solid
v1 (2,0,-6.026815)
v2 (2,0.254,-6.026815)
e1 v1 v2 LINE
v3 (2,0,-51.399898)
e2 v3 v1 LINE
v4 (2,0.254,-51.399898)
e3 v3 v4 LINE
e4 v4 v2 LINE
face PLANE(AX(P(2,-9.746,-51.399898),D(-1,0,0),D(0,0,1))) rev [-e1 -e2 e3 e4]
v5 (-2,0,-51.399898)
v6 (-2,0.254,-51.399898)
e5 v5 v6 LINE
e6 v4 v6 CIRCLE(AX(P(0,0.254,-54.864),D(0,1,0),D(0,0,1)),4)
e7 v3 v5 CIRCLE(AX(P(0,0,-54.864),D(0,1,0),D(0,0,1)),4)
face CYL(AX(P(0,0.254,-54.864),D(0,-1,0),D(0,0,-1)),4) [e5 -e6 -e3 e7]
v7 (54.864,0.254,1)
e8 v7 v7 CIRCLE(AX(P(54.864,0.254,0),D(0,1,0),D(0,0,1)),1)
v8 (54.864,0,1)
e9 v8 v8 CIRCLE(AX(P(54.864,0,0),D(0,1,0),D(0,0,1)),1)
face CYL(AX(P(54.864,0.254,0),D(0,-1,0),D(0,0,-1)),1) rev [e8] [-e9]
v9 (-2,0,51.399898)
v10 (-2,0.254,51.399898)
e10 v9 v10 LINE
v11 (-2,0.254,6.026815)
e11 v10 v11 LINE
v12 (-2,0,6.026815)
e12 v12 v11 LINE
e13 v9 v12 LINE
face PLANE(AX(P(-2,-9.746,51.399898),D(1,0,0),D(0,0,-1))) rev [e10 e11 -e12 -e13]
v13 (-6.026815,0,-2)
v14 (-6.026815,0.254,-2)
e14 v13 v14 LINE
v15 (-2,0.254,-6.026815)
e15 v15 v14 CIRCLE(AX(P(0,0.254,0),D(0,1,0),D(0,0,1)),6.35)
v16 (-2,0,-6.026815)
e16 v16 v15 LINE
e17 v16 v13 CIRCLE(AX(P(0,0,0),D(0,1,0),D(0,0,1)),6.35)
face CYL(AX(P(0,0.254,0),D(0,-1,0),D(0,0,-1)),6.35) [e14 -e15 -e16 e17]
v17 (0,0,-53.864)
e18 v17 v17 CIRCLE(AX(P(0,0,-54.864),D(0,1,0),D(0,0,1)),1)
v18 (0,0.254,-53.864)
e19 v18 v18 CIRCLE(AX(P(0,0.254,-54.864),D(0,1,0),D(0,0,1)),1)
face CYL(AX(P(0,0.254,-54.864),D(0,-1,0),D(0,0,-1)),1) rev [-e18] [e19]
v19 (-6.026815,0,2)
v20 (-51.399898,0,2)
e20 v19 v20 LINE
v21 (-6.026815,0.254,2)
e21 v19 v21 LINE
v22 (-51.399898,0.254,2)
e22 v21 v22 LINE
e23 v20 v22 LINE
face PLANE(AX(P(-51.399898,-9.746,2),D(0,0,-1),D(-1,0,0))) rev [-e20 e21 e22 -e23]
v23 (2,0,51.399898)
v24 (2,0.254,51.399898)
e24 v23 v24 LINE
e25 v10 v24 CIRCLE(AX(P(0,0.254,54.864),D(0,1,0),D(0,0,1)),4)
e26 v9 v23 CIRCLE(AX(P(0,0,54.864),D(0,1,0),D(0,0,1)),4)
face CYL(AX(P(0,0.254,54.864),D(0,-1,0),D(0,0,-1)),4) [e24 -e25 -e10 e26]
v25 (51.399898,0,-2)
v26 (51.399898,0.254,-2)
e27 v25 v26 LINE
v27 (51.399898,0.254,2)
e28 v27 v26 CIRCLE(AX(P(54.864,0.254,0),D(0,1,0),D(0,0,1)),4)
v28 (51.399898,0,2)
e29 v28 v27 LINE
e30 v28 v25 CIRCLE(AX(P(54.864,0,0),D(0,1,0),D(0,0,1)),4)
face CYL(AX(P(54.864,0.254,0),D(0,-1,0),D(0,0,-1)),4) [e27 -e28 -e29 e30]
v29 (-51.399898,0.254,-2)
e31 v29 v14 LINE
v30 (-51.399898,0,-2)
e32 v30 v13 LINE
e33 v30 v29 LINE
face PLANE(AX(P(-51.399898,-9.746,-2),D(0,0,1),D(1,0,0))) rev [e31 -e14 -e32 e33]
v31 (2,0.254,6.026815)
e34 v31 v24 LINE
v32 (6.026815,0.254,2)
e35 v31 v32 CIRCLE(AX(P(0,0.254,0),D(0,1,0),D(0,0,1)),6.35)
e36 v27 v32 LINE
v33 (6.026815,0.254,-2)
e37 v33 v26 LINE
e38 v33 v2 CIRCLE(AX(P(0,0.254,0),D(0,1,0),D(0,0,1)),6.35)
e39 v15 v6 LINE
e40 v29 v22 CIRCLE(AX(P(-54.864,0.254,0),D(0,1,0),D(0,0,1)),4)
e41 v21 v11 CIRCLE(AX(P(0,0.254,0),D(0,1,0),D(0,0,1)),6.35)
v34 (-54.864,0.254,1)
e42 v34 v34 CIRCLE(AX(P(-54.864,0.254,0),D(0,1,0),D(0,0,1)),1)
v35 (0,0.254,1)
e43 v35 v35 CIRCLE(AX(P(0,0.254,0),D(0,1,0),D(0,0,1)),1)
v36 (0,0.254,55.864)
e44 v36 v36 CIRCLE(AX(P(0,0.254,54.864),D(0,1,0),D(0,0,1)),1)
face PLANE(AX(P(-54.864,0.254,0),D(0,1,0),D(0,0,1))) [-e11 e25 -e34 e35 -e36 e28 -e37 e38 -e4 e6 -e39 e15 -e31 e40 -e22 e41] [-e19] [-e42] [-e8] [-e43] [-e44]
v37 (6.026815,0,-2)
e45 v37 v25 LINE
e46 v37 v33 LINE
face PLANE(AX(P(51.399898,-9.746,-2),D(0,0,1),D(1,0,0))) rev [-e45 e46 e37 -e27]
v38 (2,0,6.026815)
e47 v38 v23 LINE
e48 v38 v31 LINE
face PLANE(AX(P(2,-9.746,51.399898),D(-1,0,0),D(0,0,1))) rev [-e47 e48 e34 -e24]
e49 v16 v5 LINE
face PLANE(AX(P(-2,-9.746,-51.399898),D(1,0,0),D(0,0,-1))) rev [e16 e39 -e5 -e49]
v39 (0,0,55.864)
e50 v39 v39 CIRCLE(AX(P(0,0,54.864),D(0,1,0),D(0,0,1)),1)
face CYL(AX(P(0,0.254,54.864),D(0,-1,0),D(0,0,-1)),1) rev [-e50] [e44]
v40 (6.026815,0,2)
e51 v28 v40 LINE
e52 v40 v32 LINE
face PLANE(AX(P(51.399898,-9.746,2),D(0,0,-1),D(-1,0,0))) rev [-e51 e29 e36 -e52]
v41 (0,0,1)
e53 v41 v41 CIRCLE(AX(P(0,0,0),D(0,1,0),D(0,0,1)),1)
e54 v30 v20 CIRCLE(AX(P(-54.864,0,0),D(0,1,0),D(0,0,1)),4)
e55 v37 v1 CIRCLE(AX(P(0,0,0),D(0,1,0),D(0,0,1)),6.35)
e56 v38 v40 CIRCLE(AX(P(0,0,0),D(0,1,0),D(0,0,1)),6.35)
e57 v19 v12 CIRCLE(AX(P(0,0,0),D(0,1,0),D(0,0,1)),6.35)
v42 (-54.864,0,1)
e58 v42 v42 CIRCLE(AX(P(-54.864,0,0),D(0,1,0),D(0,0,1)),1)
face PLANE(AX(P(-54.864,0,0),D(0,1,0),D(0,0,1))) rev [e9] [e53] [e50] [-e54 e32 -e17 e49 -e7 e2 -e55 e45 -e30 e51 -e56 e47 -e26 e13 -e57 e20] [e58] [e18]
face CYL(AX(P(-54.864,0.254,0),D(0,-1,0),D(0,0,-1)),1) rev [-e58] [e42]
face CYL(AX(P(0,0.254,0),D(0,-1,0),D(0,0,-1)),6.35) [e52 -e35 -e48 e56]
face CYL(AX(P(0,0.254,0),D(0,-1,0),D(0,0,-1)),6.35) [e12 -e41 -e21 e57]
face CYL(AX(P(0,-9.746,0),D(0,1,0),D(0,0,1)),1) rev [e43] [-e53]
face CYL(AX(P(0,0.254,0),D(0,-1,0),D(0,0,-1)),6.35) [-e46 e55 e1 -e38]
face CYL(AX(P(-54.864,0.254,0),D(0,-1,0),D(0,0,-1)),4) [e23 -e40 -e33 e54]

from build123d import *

# Parameters (mm, degrees)
SKETCH1_R           = 1
BOSS_EXTRUDE1_DEPTH = 0.254
SKETCH2_R           = 1
CUT_EXTRUDE1_DEPTH  = 10


with BuildPart() as part:
    # Sketch1 → Boss-Extrude1 (new body)
    with BuildSketch(Plane(origin=(0, 0, 0), x_dir=(1, 0, 0), z_dir=(0, 1, 0))):
        with BuildLine():
            Line((-54.864, 4), (-4.931784667, 4))
            ThreePointArc((-4.931784667, 4), (-4.490128061, 4.490128061), (-4, 4.931784667))
            Line((-4, 4.931784667), (-4, 54.864))
            ThreePointArc((-4, 54.864), (0, 58.864), (4, 54.864))
            Line((4, 54.864), (4, 4.931784667))
            ThreePointArc((4, 4.931784667), (4.490128061, 4.490128061), (4.931784667, 4))
            Line((4.931784667, 4), (54.864, 4))
            ThreePointArc((54.864, 4), (58.864, 0), (54.864, -4))
            Line((54.864, -4), (4.931784667, -4))
            ThreePointArc((4.931784667, -4), (4.490128061, -4.490128061), (4, -4.931784667))
            Line((4, -4.931784667), (4, -54.864))
            ThreePointArc((4, -54.864), (0, -58.864), (-4, -54.864))
            Line((-4, -54.864), (-4, -4.931784667))
            ThreePointArc((-4, -4.931784667), (-4.490128061, -4.490128061), (-4.931784667, -4))
            Line((-4.931784667, -4), (-54.864, -4))
            ThreePointArc((-54.864, -4), (-58.864, 0), (-54.864, 4))
        make_face()
        with Locations((-54.864, 0)):
            Circle(SKETCH1_R, mode=Mode.SUBTRACT)
        with Locations((0, 54.864)):
            Circle(SKETCH1_R, mode=Mode.SUBTRACT)
        with Locations((54.864, 0)):
            Circle(SKETCH1_R, mode=Mode.SUBTRACT)
        with Locations((0, -54.864)):
            Circle(SKETCH1_R, mode=Mode.SUBTRACT)
    extrude(amount=BOSS_EXTRUDE1_DEPTH)

    # Sketch2 → Cut-Extrude1 (cut)
    with BuildSketch(Plane(origin=(0, 0.254, 0), x_dir=(1, 0, 0), z_dir=(0, 1, 0))):
        Circle(SKETCH2_R)
        with BuildLine():
            Line((-2, -51.399898385), (-2, -6.026815079))
            ThreePointArc((-2, -6.026815079), (-3.049552902, -5.569804943), (-4, -4.931784667))
            Line((-4, -4.931784667), (-4, -54.864))
            ThreePointArc((-4, -54.864), (-3.464101615, -52.864), (-2, -51.399898385))
        make_face()
        with BuildLine():
            Line((2, -51.399898385), (2, -6.026815079))
            ThreePointArc((2, -6.026815079), (3.049552902, -5.569804943), (4, -4.931784667))
            Line((4, -4.931784667), (4, -54.864))
            ThreePointArc((4, -54.864), (3.464101615, -52.864), (2, -51.399898385))
        make_face()
        with BuildLine():
            Line((-54.864, 4), (-4.931784667, 4))
            ThreePointArc((-4.931784667, 4), (-5.569804943, 3.049552902), (-6.026815079, 2))
            Line((-6.026815079, 2), (-51.399898385, 2))
            ThreePointArc((-51.399898385, 2), (-52.864, 3.464101615), (-54.864, 4))
        make_face()
        with BuildLine():
            Line((-51.399898385, -2), (-6.026815079, -2))
            ThreePointArc((-6.026815079, -2), (-5.569804943, -3.049552902), (-4.931784667, -4))
            Line((-4.931784667, -4), (-54.864, -4))
            ThreePointArc((-54.864, -4), (-52.864, -3.464101615), (-51.399898385, -2))
        make_face()
        with BuildLine():
            Line((4, 54.864), (4, 4.931784667))
            ThreePointArc((4, 4.931784667), (3.049552902, 5.569804943), (2, 6.026815079))
            Line((2, 6.026815079), (2, 51.399898385))
            ThreePointArc((2, 51.399898385), (3.464101615, 52.864), (4, 54.864))
        make_face()
        with BuildLine():
            Line((-2, 51.399898385), (-2, 6.026815079))
            ThreePointArc((-2, 6.026815079), (-3.049552902, 5.569804943), (-4, 4.931784667))
            Line((-4, 4.931784667), (-4, 54.864))
            ThreePointArc((-4, 54.864), (-3.464101615, 52.864), (-2, 51.399898385))
        make_face()
        with BuildLine():
            Line((54.864, -4), (4.931784667, -4))
            ThreePointArc((4.931784667, -4), (5.569804943, -3.049552902), (6.026815079, -2))
            Line((6.026815079, -2), (51.399898385, -2))
            ThreePointArc((51.399898385, -2), (52.864, -3.464101615), (54.864, -4))
        make_face()
        with BuildLine():
            Line((51.399898385, 2), (6.026815079, 2))
            ThreePointArc((6.026815079, 2), (5.569804943, 3.049552902), (4.931784667, 4))
            Line((4.931784667, 4), (54.864, 4))
            ThreePointArc((54.864, 4), (52.864, 3.464101615), (51.399898385, 2))
        make_face()
    extrude(amount=-CUT_EXTRUDE1_DEPTH, mode=Mode.SUBTRACT)


solid = part.part
